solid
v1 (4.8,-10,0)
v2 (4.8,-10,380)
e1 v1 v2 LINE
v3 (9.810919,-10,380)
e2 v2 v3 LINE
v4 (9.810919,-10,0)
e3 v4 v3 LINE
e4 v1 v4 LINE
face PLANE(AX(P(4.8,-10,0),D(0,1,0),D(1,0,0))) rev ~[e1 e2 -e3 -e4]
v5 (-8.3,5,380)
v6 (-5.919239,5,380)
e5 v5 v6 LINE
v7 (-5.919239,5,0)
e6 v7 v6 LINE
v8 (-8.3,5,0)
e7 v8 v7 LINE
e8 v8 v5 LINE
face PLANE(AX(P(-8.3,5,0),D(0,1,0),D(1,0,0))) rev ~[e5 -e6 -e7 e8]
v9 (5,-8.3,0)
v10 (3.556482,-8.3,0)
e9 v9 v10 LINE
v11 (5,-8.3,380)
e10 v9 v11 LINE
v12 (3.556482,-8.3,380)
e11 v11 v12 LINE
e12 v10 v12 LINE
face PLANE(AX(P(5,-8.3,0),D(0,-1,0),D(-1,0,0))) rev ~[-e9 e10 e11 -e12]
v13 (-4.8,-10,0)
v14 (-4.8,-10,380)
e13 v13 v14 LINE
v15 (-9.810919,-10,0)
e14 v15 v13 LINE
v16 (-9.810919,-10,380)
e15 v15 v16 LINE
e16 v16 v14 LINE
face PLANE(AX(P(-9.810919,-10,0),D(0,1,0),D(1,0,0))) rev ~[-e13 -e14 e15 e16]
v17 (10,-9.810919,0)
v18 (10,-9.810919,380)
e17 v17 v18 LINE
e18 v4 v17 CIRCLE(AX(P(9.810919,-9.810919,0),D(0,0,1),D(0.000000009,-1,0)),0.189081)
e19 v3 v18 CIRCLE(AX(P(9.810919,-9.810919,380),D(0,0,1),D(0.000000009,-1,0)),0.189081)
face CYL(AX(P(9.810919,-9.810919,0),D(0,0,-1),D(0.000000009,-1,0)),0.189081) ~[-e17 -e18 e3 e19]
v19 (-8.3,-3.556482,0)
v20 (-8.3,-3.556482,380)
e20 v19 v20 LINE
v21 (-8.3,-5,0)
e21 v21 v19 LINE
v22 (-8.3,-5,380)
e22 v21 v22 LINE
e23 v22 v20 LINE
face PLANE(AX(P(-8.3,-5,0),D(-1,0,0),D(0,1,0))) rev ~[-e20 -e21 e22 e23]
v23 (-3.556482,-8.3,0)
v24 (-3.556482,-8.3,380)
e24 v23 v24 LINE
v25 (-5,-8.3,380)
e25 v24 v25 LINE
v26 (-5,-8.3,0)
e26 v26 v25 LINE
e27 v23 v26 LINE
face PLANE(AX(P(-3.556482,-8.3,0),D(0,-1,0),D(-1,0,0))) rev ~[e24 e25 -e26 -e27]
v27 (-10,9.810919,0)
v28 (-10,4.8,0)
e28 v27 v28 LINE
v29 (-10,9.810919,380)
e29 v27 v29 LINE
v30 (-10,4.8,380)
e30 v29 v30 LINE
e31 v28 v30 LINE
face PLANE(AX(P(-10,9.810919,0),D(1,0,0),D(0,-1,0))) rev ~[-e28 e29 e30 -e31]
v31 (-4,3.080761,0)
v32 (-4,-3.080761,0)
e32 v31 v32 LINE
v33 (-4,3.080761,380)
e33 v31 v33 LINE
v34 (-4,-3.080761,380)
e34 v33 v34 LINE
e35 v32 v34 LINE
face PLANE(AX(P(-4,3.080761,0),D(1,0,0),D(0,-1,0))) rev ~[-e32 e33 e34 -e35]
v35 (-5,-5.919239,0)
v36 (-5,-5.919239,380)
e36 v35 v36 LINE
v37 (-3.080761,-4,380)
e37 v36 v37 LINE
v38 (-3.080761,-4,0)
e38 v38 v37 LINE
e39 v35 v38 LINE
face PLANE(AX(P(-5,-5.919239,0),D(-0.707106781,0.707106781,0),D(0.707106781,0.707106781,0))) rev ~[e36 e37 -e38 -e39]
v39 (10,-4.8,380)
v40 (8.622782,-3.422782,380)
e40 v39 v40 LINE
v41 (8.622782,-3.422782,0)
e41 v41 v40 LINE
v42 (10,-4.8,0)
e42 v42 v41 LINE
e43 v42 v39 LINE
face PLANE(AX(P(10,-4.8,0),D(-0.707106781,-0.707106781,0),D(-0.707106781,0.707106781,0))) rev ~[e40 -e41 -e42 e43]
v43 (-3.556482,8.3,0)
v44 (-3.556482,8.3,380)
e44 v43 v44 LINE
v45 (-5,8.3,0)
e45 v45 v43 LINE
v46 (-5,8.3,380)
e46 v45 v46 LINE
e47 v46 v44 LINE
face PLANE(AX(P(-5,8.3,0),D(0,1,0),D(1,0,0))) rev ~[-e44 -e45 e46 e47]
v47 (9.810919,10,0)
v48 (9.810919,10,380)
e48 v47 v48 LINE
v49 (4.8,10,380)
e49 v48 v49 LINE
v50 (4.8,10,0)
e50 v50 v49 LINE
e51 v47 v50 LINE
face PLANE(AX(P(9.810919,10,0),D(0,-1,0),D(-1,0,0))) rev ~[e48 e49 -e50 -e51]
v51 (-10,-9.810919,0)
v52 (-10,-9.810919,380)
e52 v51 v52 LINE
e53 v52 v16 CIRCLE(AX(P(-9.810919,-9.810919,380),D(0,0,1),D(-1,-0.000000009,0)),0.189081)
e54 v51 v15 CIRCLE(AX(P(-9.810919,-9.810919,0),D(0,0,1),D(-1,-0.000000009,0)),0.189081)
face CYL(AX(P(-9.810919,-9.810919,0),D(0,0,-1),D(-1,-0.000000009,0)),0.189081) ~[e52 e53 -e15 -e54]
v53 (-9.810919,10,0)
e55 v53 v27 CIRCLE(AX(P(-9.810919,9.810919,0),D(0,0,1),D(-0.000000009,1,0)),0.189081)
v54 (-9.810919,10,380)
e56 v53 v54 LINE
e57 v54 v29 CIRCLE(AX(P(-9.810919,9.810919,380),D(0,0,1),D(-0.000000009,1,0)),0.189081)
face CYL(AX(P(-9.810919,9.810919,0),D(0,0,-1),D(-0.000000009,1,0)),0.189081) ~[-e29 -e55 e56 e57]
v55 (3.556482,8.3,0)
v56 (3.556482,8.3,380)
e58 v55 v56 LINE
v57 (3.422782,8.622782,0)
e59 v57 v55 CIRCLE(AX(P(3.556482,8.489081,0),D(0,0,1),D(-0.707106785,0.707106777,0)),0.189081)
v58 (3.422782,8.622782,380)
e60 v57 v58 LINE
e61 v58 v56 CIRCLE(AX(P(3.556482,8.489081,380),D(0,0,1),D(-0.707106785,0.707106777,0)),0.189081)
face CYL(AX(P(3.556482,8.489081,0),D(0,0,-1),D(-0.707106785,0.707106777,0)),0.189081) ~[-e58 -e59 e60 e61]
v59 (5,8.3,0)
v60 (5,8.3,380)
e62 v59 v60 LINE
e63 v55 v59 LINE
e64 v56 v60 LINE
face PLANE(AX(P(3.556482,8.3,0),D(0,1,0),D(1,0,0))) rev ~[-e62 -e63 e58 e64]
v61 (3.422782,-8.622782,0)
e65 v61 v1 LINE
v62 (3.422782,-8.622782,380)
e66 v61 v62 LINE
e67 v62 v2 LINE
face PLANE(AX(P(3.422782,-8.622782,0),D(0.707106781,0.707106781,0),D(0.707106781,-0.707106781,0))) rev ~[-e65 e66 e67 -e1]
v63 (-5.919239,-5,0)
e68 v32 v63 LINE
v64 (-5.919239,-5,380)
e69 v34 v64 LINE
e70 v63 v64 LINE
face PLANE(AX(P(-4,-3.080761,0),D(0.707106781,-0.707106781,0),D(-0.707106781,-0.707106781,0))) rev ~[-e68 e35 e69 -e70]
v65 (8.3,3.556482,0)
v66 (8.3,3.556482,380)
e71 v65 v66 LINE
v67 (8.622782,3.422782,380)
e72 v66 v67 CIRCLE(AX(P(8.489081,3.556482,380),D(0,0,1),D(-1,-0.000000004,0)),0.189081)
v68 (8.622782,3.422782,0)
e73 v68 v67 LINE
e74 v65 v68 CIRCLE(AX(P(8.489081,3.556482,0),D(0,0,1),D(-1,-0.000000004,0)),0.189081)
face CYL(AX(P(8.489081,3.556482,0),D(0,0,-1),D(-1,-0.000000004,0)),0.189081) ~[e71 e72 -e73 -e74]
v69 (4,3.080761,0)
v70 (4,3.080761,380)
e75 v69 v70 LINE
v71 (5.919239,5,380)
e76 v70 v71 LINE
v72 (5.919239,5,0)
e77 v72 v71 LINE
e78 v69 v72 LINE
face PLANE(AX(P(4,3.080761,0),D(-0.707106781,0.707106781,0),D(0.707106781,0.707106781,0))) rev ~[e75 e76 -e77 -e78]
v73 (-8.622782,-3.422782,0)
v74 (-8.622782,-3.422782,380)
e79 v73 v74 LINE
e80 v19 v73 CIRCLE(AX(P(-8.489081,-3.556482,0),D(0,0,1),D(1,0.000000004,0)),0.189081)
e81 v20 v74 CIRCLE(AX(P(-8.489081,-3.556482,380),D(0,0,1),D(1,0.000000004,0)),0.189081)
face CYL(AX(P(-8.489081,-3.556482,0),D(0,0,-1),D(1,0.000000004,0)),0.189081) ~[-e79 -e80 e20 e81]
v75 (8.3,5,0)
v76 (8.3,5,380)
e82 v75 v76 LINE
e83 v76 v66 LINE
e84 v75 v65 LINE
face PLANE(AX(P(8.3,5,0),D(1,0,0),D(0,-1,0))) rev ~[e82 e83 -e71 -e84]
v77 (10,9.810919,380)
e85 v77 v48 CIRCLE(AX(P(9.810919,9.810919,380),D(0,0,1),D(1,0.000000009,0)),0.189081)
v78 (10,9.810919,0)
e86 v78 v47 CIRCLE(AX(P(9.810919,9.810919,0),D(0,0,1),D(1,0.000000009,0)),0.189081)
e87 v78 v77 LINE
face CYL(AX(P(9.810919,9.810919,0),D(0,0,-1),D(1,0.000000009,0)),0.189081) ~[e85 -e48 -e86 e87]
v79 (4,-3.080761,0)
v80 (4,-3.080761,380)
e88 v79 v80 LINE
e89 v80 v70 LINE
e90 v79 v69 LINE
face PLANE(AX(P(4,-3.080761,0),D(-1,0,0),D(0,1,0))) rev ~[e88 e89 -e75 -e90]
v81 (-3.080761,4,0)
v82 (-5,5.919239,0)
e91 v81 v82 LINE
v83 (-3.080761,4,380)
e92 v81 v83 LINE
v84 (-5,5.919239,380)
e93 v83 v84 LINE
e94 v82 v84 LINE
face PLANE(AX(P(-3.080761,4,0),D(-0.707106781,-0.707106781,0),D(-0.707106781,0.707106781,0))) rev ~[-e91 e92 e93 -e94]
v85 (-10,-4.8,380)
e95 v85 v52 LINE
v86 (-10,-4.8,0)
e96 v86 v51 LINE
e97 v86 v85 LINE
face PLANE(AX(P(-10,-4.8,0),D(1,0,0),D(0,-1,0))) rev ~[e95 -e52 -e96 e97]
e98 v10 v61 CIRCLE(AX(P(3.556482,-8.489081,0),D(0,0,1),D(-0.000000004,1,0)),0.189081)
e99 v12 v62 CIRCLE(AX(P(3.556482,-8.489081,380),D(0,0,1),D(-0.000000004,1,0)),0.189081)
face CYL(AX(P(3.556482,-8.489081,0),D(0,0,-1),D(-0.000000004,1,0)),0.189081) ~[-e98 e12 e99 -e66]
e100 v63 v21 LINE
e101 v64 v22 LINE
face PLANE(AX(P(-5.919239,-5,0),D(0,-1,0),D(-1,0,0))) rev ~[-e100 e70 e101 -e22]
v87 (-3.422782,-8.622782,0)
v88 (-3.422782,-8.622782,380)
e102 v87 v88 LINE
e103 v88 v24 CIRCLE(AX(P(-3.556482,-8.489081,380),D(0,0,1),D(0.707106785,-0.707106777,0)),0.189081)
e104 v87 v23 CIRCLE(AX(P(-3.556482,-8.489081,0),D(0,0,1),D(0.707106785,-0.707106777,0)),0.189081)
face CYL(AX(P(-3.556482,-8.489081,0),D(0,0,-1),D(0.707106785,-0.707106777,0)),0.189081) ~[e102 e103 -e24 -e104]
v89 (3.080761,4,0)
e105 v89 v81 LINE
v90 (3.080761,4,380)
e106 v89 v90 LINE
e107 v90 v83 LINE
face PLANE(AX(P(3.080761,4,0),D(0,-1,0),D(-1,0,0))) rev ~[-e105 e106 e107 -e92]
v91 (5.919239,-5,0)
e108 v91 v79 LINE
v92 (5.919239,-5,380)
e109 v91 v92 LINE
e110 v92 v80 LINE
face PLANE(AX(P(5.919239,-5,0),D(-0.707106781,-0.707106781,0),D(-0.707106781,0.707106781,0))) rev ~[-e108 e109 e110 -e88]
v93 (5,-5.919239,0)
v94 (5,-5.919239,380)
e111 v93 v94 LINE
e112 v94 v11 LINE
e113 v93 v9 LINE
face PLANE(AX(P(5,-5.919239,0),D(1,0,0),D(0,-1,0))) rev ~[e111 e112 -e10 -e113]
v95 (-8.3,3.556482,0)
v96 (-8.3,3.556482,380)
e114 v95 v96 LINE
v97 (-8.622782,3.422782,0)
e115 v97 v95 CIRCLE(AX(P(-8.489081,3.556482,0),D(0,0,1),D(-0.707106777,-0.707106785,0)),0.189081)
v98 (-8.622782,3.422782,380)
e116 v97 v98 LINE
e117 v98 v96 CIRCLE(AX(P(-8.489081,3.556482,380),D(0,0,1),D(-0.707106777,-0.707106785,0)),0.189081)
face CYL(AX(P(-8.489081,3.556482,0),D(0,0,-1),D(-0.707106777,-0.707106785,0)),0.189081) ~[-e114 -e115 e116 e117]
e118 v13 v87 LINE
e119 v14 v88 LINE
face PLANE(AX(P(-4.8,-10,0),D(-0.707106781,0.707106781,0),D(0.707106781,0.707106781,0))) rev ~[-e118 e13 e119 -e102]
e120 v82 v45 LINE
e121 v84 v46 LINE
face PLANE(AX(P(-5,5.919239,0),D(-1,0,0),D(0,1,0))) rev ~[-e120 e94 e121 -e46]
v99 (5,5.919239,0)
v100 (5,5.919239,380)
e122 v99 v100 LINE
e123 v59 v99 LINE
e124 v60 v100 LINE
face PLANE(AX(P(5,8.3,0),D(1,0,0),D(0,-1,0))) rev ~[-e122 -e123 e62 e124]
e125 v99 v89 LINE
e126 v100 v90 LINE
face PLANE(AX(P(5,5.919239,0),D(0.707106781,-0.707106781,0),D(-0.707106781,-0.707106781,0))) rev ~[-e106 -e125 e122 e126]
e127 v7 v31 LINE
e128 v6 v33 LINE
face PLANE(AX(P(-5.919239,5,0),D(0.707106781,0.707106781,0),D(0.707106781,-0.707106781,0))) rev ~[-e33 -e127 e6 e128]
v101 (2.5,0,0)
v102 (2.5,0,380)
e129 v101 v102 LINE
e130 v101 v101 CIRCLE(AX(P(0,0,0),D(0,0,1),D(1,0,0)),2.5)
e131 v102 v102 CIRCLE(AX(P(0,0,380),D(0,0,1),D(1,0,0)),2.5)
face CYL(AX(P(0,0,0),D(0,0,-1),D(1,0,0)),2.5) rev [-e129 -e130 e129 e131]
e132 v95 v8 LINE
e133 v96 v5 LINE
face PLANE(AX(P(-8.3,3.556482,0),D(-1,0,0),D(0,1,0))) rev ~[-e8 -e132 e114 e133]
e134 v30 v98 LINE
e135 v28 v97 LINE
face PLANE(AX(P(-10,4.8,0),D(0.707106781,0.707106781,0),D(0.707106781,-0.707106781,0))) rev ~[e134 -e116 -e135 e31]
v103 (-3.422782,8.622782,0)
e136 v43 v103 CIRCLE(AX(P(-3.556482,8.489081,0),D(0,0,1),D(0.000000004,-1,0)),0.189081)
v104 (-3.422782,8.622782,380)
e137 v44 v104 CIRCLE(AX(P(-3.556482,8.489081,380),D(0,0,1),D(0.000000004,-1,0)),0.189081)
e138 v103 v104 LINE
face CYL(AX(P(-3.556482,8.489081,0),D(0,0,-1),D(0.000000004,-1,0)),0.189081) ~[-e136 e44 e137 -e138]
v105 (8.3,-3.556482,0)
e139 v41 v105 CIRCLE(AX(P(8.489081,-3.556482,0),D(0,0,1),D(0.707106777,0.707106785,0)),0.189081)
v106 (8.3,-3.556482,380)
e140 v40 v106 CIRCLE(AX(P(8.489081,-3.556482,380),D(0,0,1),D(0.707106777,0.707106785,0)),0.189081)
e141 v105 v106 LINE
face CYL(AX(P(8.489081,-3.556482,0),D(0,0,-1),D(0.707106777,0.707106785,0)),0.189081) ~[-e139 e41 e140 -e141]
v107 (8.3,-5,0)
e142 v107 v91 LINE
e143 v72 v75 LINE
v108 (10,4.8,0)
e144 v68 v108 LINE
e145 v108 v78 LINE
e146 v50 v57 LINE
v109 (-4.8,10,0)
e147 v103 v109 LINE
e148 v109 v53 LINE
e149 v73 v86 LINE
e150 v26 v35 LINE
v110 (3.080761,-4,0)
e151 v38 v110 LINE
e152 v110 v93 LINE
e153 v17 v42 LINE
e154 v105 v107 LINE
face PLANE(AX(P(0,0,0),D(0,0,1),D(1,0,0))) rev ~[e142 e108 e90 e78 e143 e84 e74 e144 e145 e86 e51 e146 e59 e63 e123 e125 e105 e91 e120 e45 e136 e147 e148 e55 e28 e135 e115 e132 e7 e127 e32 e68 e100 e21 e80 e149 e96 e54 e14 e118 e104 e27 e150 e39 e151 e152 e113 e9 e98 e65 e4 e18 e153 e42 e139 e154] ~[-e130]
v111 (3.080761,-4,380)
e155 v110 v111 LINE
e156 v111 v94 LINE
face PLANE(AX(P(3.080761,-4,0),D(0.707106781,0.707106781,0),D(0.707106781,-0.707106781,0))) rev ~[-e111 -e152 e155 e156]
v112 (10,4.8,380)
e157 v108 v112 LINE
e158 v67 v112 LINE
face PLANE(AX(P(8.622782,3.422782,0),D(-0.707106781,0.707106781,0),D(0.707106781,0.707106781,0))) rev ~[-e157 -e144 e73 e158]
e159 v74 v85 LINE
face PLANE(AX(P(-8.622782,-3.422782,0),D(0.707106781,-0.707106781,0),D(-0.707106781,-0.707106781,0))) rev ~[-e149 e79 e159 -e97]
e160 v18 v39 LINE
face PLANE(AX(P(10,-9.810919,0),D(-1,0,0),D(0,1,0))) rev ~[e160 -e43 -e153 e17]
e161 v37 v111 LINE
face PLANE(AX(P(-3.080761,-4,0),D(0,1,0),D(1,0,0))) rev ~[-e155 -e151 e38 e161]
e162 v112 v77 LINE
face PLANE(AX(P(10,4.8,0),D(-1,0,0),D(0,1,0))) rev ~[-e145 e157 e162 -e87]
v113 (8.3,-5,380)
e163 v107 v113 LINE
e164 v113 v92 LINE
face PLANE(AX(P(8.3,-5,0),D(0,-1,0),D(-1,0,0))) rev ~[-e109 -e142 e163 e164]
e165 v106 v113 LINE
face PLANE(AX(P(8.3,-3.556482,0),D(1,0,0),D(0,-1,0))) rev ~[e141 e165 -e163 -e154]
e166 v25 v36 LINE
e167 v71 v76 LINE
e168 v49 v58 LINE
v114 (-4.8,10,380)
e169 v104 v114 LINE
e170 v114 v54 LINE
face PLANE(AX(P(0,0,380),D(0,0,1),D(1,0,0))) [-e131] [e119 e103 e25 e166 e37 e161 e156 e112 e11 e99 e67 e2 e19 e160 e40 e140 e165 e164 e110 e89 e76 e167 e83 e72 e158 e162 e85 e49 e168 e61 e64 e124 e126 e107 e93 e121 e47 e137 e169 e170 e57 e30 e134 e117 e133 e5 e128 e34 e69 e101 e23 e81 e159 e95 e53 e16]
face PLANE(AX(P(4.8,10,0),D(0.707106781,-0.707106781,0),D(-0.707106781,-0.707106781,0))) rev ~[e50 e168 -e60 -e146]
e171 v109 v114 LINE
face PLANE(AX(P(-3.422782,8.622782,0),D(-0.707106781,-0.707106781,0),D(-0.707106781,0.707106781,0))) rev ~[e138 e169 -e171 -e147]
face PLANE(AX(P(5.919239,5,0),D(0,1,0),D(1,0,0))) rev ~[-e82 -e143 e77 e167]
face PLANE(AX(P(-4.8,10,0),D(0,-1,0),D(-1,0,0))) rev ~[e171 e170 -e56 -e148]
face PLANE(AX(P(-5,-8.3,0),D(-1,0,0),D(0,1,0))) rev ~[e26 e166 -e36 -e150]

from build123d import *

# Parameters (mm, degrees)
SKETCH1_R           = 2.5
BOSS_EXTRUDE4_DEPTH = 380


with BuildPart() as part:
    # Sketch1 → Boss-Extrude4 (new body)
    with BuildSketch(Plane.XY):
        with BuildLine():
            Line((-10, 9.810918806), (-10, 4.8))
            Line((-10, 4.8), (-8.622781789, 3.422781789))
            ThreePointArc((-8.622781789, 3.422781789), (-8.416722954, 3.381794139), (-8.3, 3.556482384))
            Line((-8.3, 3.556482384), (-8.3, 5))
            Line((-8.3, 5), (-5.919238816, 5))
            Line((-5.919238816, 5), (-4, 3.080761184))
            Line((-4, 3.080761184), (-4, -3.080761184))
            Line((-4, -3.080761184), (-5.919238816, -5))
            Line((-5.919238816, -5), (-8.3, -5))
            Line((-8.3, -5), (-8.3, -3.556482384))
            ThreePointArc((-8.3, -3.556482384), (-8.416722954, -3.381794139), (-8.622781789, -3.422781789))
            Line((-8.622781789, -3.422781789), (-10, -4.8))
            Line((-10, -4.8), (-10, -9.810918806))
            ThreePointArc((-10, -9.810918806), (-9.9446194, -9.9446194), (-9.810918806, -10))
            Line((-9.810918806, -10), (-4.8, -10))
            Line((-4.8, -10), (-3.422781789, -8.622781789))
            ThreePointArc((-3.422781789, -8.622781789), (-3.381794139, -8.416722954), (-3.556482384, -8.3))
            Line((-3.556482384, -8.3), (-5, -8.3))
            Line((-5, -8.3), (-5, -5.919238816))
            Line((-5, -5.919238816), (-3.080761184, -4))
            Line((-3.080761184, -4), (0, -4))
            Line((0, -4), (3.080761184, -4))
            Line((3.080761184, -4), (5, -5.919238816))
            Line((5, -5.919238816), (5, -8.3))
            Line((5, -8.3), (3.556482384, -8.3))
            ThreePointArc((3.556482384, -8.3), (3.381794139, -8.416722954), (3.422781789, -8.622781789))
            Line((3.422781789, -8.622781789), (4.8, -10))
            Line((4.8, -10), (9.810918806, -10))
            ThreePointArc((9.810918806, -10), (9.9446194, -9.9446194), (10, -9.810918806))
            Line((10, -9.810918806), (10, -4.8))
            Line((10, -4.8), (8.622781789, -3.422781789))
            ThreePointArc((8.622781789, -3.422781789), (8.416722954, -3.381794139), (8.3, -3.556482384))
            Line((8.3, -3.556482384), (8.3, -5))
            Line((8.3, -5), (5.919238816, -5))
            Line((5.919238816, -5), (4, -3.080761184))
            Line((4, -3.080761184), (4, 3.080761184))
            Line((4, 3.080761184), (5.919238816, 5))
            Line((5.919238816, 5), (8.3, 5))
            Line((8.3, 5), (8.3, 3.556482384))
            ThreePointArc((8.3, 3.556482384), (8.416722954, 3.381794139), (8.622781789, 3.422781789))
            Line((8.622781789, 3.422781789), (10, 4.8))
            Line((10, 4.8), (10, 9.810918806))
            ThreePointArc((10, 9.810918806), (9.9446194, 9.9446194), (9.810918806, 10))
            Line((9.810918806, 10), (4.8, 10))
            Line((4.8, 10), (3.422781789, 8.622781789))
            ThreePointArc((3.422781789, 8.622781789), (3.381794139, 8.416722954), (3.556482384, 8.3))
            Line((3.556482384, 8.3), (5, 8.3))
            Line((5, 8.3), (5, 5.919238816))
            Line((5, 5.919238816), (3.080761184, 4))
            Line((3.080761184, 4), (-3.080761184, 4))
            Line((-3.080761184, 4), (-5, 5.919238816))
            Line((-5, 5.919238816), (-5, 8.3))
            Line((-5, 8.3), (-3.556482384, 8.3))
            ThreePointArc((-3.556482384, 8.3), (-3.381794139, 8.416722954), (-3.422781789, 8.622781789))
            Line((-3.422781789, 8.622781789), (-4.8, 10))
            Line((-4.8, 10), (-9.810918806, 10))
            ThreePointArc((-9.810918806, 10), (-9.9446194, 9.9446194), (-10, 9.810918806))
        make_face()
        Circle(SKETCH1_R, mode=Mode.SUBTRACT)
    extrude(amount=BOSS_EXTRUDE4_DEPTH)


solid = part.part
